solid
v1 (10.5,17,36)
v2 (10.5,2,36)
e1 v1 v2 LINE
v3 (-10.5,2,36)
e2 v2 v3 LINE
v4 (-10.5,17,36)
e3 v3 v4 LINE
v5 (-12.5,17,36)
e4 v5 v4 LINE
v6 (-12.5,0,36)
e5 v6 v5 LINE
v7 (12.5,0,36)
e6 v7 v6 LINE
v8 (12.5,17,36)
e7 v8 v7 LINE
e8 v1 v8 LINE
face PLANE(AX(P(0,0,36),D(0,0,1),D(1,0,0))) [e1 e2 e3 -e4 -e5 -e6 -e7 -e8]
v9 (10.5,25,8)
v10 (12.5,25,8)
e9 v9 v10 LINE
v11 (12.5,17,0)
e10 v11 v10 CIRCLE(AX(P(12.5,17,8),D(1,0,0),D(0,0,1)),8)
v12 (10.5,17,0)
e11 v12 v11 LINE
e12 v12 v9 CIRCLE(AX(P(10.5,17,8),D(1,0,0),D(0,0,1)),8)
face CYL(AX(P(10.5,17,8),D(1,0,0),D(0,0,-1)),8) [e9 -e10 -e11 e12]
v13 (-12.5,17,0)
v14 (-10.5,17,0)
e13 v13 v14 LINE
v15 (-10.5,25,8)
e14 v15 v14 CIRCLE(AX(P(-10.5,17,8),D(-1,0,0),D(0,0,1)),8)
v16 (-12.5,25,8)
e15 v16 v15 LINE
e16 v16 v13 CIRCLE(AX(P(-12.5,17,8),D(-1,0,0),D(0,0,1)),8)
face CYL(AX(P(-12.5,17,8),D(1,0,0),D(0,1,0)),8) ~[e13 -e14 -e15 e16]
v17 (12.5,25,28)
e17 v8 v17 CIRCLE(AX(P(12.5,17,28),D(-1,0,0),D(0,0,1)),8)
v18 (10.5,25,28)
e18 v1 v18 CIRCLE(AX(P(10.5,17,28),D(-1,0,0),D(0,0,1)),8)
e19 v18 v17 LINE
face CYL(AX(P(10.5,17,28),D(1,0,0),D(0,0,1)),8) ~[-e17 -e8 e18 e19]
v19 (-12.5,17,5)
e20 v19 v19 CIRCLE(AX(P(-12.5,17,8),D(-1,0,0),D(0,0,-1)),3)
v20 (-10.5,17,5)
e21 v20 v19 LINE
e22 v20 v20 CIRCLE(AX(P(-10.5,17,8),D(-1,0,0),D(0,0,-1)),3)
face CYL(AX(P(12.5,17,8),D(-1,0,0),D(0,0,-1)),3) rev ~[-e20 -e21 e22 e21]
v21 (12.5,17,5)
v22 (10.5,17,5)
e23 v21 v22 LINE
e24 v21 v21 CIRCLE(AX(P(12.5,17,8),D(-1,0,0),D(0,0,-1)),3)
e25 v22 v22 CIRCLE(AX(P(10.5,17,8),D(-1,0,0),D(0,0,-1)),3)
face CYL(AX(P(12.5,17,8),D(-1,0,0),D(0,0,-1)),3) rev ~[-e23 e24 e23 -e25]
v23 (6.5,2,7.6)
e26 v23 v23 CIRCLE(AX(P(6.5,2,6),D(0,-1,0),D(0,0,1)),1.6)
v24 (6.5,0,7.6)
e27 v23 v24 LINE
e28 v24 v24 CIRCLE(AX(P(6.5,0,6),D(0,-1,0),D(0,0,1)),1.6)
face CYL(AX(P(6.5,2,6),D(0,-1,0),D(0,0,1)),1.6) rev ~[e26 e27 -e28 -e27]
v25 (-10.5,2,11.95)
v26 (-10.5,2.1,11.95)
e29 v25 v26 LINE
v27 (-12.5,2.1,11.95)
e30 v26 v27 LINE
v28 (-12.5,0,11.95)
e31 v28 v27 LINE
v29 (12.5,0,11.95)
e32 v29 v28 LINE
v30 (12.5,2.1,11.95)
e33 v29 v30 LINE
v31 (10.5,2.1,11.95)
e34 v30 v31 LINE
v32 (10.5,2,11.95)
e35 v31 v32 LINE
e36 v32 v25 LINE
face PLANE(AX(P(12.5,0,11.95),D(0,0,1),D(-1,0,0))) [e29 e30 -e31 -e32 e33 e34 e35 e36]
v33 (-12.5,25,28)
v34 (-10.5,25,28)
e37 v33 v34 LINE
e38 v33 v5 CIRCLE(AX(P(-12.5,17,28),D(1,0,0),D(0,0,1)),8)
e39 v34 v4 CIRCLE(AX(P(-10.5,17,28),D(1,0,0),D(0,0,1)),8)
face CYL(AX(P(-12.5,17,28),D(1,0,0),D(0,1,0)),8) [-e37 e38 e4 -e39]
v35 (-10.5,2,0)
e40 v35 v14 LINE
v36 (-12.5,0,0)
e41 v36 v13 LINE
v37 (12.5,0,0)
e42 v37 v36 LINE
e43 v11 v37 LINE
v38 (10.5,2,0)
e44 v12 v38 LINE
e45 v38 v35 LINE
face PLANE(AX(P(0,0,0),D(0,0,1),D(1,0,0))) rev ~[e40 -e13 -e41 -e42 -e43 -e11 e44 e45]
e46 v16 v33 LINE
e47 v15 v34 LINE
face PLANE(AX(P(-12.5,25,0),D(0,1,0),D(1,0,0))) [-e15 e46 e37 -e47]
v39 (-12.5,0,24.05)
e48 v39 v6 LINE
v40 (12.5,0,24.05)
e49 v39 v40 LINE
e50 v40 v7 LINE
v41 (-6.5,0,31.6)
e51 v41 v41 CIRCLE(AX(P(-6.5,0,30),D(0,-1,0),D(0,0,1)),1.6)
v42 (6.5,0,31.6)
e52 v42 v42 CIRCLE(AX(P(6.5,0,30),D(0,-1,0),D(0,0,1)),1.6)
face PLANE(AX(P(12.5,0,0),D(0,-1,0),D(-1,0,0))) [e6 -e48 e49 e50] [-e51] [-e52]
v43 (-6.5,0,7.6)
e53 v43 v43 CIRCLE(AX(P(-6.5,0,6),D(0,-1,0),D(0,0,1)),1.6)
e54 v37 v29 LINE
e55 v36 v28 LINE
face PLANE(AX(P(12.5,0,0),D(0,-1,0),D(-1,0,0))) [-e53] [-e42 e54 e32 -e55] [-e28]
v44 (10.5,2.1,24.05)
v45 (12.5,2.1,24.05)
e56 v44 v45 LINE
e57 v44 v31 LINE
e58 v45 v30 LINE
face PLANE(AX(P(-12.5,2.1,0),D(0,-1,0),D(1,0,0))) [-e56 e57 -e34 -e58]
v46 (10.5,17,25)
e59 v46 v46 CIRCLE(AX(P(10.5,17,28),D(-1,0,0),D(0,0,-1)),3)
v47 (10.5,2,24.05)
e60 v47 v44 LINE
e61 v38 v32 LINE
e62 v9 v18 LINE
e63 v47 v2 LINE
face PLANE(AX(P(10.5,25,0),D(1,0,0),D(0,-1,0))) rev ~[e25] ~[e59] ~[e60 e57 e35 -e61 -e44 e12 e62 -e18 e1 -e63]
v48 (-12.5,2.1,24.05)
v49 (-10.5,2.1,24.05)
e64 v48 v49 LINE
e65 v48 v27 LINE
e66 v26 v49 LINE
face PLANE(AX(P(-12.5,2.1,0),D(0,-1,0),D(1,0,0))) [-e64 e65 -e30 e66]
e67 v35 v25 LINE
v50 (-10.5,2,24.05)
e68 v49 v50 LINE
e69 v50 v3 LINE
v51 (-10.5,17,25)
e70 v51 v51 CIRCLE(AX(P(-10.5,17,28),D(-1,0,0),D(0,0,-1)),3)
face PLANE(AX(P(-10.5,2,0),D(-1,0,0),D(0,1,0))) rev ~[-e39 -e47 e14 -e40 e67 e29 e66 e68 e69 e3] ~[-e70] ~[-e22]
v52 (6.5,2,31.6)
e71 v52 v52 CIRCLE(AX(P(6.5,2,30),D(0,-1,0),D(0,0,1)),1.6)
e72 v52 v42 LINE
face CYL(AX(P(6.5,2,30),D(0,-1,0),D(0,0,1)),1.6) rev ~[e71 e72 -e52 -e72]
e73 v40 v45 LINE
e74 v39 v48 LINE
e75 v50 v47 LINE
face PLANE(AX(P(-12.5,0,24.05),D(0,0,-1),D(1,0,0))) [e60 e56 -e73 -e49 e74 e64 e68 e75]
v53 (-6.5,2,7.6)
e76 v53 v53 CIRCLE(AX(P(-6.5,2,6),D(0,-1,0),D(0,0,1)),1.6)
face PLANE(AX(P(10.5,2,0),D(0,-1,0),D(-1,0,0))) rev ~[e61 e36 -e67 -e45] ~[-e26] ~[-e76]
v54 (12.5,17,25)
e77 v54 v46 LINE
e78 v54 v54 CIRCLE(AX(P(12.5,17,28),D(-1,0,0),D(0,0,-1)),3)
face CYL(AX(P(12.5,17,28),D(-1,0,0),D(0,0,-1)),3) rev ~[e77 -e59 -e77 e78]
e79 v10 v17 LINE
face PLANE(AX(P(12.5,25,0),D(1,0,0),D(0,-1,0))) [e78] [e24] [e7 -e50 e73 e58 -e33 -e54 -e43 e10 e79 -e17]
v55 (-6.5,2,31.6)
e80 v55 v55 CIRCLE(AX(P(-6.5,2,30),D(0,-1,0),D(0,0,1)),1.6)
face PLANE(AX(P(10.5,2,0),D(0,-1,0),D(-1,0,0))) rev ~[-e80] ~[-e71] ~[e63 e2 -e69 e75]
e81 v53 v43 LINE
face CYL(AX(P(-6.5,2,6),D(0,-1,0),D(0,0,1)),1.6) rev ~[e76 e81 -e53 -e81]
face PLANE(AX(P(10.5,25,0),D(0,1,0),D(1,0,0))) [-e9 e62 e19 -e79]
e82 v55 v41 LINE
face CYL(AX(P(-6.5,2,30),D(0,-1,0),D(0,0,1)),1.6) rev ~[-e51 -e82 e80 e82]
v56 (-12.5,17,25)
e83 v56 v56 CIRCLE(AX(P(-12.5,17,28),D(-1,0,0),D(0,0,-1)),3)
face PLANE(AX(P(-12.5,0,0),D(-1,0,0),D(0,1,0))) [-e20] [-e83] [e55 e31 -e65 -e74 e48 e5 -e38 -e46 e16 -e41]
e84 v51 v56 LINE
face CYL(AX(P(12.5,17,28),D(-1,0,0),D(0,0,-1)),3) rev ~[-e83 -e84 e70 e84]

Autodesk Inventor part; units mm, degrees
ref_plane "YZ Plane" through (0, 0, 0) normal (1, 0, 0) x (0, 1, 0)
ref_plane "XZ Plane" through (0, 0, 0) normal (0, 1, 0) x (-1, 0, 0)
ref_plane "XY Plane" through (0, 0, 0) normal (0, 0, 1) x (1, 0, 0)
sketch "スケッチ1" plane through (0, 0, 0) normal (0, 0, 1) x (1, 0, 0)
  line L0 (-12.5, 25) -> (12.5, 25)
  line L1 (12.5, 25) -> (12.5, 0)
  line L2 (12.5, 0) -> (-12.5, 0)
  line L3 (-12.5, 0) -> (-12.5, 25)
  line L4 (-10.5, 25) -> (10.5, 25)
  line L5 (10.5, 25) -> (10.5, 2)
  line L6 (10.5, 2) -> (-10.5, 2)
  line L7 (-10.5, 2) -> (-10.5, 25)
  point P0 (0, 0)
  dimension "d0" = 25
  dimension "d1" = 25
  dimension "d2" = 0
  dimension "d3" = 12.5
  dimension "d4" = 2
  dimension "d5" = 2
  dimension "d6" = 2
extrude "押し出し1" add sketch "スケッチ1" along normal blind 36 contours L0 L7 L6 L5 L1 L2 L3
sketch "スケッチ2" plane through (12.5, 0, 0) normal (1, 0, 0) x (0, 0, -1)
  line L0 (-36, 25) -> (-36, 0) projected
  line L1 (0, 25) -> (-36, 25) projected
  point P0 (-28, 17)
  point P1 (-8, 17)
  dimension "d9" = 20
  dimension "d10" = 8
  dimension "d11" = 8
  dimension "d12" = 8
hole "Hole1" at (12.5, 17, 28) at (12.5, 17, 8) direction (-1, 0, 0) diameter 6 end through all
fillet "フィレット1" radius 8 4 edges at (11.5, 25, 36) (-11.5, 25, 36) (-11.5, 25, 0) (11.5, 25, 0)
sketch "スケッチ3" plane through (-10.5, 2, 36) normal (0, 1, 0) x (1, 0, 0)
  line L0 (21, 0) -> (0, 0) projected
  line L1 (21, 36) -> (21, 0) projected
  line L2 (0, 36) -> (21, 36) projected
  line L3 (0, 36) -> (0, 0) projected
  point P0 (10.5, 36)
  point P1 (4, 30)
  point P2 (17, 30)
  point P3 (17, 6)
  point P4 (4, 6)
  dimension "d21" = 6
  dimension "d22" = 4
  dimension "d23" = 6
  dimension "d24" = 4
  dimension "d25" = 4
  dimension "d26" = 6
  dimension "d27" = 6
  dimension "d28" = 4
hole "Hole2" at (-6.5, 2, 6) at (6.5, 2, 6) at (6.5, 2, 30) at (-6.5, 2, 30) direction (0, -1, 0) diameter 3.2 end through all
sketch "スケッチ4" plane through (-12.5, 0, 0) normal (0, -1, 0) x (1, 0, 0)
  line L0 (0, 0) -> (0, 36) projected
  line L1 (25, 0) -> (25, 36) projected
  line L2 (25, 18) -> (0, 18)
  line L3 (0, 24.05) -> (25, 24.05)
  line L4 (25, 24.05) -> (25, 11.95)
  line L5 (25, 11.95) -> (0, 11.95)
  line L6 (0, 11.95) -> (0, 24.05)
  point P0 (12.5, 0)
  dimension "d36" = 12.1
  dimension "d37" = 12.1
extrude "押し出し2" cut sketch "スケッチ4" against normal blind 2.1
equation "\"d1\" = d0"
equation "\"d3\" = 0.5 * d0"
equation "\"d5\" = d4"
equation "\"d6\" = d4"
equation "\"d10\" = d11"
equation "\"d12\" = d11"
equation "\"d23\" = d21"
equation "\"d24\" = d22"
equation "\"d25\" = d22"
equation "\"d26\" = d21"
equation "\"d27\" = d21"
equation "\"d28\" = d22"
equation "\"d37\" = d36"
properties part number "JointC3_2nd" material "アルミニウム 6061"
